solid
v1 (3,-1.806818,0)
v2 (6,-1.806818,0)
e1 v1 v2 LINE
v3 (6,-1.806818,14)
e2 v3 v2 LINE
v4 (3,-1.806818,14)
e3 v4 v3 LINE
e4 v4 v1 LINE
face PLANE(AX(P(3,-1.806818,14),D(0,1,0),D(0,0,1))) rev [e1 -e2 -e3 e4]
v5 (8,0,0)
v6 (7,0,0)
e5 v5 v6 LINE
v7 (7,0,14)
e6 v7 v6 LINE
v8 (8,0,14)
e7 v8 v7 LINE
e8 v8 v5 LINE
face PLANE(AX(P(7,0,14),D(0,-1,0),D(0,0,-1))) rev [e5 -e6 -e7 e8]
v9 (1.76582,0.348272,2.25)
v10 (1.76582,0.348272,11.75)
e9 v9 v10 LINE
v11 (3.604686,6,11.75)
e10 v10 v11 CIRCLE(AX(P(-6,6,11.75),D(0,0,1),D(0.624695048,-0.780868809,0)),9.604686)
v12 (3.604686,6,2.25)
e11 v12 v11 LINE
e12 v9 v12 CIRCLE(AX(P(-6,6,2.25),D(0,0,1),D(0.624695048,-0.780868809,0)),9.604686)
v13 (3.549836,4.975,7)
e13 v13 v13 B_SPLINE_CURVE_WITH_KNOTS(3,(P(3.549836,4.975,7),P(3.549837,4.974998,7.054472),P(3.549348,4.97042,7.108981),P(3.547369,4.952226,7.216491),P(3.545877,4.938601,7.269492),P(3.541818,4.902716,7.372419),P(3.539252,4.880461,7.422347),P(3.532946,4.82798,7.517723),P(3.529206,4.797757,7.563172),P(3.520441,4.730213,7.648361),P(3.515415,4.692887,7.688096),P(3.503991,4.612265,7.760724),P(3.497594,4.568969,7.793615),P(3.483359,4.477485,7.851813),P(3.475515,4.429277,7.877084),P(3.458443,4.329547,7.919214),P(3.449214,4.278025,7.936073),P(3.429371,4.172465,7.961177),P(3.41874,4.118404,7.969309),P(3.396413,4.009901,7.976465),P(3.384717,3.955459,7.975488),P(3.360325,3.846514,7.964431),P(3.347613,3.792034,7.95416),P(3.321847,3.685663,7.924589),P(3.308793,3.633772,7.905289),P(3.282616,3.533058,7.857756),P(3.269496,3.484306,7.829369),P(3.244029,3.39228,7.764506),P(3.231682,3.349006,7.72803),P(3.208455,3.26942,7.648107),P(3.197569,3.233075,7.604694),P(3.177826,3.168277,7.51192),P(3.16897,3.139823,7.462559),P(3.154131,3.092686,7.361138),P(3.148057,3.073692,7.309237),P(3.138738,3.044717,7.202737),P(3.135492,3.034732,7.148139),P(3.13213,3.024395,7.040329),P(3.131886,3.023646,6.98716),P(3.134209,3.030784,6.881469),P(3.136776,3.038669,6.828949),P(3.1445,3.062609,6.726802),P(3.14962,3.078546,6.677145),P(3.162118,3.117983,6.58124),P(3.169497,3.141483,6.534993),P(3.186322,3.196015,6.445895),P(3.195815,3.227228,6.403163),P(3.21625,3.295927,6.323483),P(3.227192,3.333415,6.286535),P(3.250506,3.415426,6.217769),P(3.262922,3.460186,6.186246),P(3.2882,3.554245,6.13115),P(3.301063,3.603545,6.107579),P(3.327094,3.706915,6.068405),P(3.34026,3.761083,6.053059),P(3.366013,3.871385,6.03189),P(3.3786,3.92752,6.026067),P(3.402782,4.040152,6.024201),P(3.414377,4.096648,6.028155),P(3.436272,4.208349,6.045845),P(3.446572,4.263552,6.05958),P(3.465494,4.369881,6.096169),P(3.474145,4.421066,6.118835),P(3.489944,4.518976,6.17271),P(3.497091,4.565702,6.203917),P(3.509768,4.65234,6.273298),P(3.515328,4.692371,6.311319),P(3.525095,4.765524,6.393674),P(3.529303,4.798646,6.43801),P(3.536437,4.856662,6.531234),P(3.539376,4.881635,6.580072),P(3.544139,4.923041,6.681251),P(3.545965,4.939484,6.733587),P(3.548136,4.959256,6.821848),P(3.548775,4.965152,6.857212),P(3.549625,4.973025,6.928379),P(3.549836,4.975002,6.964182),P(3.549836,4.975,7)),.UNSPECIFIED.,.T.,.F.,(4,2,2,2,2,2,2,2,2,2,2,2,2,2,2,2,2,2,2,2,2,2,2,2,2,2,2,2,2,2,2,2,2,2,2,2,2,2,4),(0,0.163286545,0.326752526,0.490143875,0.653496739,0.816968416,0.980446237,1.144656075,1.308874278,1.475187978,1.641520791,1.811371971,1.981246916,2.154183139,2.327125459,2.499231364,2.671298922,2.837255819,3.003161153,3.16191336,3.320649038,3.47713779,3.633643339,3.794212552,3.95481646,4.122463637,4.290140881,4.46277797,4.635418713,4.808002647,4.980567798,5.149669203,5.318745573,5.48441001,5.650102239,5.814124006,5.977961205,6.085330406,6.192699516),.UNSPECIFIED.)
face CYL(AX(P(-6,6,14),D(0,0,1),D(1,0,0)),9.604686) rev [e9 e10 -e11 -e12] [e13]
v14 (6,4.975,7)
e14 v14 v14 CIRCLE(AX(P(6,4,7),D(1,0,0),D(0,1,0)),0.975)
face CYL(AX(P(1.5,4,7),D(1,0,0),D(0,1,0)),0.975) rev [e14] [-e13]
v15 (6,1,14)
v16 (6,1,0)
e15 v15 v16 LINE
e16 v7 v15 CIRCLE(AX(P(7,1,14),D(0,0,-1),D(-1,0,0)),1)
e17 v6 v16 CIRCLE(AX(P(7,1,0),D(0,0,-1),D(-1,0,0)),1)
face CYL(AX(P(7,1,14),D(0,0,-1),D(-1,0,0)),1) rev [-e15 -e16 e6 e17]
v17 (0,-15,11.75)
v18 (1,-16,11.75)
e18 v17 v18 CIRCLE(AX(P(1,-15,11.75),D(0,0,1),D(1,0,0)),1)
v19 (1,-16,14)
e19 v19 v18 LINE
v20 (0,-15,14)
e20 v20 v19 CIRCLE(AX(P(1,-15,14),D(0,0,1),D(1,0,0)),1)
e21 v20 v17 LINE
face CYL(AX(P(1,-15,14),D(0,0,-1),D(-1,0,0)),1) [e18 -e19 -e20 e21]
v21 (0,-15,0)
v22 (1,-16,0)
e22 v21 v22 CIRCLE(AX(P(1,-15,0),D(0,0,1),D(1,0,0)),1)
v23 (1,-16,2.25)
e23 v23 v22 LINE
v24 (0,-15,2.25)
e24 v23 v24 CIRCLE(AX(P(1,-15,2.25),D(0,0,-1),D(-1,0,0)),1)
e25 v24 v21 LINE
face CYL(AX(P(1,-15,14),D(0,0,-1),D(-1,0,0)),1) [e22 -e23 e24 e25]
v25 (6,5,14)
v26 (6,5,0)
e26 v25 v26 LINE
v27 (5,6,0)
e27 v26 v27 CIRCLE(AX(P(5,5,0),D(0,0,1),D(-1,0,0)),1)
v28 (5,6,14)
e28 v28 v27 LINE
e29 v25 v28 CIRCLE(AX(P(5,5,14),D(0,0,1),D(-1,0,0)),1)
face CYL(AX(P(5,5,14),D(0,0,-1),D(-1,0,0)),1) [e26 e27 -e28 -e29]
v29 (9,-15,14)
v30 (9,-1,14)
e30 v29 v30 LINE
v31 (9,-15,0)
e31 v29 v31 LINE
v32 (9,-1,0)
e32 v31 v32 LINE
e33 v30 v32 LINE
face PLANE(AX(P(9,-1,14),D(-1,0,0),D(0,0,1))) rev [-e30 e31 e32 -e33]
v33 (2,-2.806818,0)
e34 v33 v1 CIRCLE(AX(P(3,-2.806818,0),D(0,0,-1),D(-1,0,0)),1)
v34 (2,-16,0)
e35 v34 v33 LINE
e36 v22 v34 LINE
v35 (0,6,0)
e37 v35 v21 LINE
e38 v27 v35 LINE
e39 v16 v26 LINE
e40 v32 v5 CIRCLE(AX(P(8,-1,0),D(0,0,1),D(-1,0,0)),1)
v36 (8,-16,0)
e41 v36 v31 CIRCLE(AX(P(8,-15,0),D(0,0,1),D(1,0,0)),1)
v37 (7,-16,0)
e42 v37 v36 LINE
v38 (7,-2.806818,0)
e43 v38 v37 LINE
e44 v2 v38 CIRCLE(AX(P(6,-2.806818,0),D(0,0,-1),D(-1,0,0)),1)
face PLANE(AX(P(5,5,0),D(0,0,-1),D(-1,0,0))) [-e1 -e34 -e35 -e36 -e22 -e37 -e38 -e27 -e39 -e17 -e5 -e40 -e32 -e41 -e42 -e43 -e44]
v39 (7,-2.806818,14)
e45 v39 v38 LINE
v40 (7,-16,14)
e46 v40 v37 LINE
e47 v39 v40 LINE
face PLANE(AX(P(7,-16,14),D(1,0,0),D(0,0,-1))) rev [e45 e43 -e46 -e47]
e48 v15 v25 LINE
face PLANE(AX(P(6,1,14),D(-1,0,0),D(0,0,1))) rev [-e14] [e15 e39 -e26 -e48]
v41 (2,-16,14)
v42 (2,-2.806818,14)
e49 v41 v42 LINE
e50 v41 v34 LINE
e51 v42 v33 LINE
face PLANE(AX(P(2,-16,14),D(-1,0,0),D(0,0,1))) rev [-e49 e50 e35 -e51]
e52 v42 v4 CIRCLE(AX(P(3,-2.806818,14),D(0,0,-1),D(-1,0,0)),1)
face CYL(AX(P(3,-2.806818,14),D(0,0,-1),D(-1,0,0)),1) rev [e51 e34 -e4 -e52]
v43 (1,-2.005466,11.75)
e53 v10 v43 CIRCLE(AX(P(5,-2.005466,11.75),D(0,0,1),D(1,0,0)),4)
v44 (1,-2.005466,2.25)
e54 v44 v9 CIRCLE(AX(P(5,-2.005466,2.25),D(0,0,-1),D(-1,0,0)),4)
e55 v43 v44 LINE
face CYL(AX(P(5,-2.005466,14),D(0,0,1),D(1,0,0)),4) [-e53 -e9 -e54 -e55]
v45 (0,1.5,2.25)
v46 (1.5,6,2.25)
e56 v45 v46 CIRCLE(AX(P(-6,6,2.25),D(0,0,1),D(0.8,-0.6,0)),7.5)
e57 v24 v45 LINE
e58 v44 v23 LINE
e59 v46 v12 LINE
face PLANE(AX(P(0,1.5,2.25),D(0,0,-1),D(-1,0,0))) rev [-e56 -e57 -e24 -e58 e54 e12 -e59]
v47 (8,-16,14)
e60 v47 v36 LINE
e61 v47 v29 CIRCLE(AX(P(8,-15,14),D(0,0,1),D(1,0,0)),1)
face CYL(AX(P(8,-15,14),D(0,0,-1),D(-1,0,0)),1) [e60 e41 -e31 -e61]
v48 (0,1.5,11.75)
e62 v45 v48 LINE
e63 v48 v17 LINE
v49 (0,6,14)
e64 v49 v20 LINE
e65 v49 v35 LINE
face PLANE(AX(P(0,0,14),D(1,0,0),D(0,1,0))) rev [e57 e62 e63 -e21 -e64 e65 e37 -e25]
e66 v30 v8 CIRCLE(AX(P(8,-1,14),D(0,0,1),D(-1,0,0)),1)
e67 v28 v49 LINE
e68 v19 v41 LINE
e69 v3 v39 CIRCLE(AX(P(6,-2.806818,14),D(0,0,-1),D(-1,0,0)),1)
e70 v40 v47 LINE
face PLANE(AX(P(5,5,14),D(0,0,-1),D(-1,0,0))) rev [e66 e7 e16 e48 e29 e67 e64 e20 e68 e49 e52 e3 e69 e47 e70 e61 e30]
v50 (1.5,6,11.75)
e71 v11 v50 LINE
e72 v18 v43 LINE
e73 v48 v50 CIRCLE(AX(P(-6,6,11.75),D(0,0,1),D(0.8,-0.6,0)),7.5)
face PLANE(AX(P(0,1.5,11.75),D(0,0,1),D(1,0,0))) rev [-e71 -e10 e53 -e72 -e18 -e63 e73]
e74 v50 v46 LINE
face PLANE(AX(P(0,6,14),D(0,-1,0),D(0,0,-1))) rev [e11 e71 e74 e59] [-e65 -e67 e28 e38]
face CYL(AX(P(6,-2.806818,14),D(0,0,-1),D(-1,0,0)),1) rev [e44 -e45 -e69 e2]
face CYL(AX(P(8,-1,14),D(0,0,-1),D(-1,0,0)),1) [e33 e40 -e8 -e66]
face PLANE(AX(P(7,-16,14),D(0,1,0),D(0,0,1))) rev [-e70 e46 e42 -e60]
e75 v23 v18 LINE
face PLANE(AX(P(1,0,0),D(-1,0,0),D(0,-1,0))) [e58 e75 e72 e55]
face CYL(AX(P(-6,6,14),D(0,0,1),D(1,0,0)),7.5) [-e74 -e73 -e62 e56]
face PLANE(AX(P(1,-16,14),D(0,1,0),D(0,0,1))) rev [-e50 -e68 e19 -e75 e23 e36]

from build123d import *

# Parameters (mm, degrees)
BOSS_EXTRUDE3_DEPTH = 14
SKETCH5_W           = 9.5
SKETCH5_H           = 3
SKETCH9_R           = 0.975
CUT_EXTRUDE1_DEPTH  = 4.5
CUT_EXTRUDE3_DEPTH  = 1
FILLET2_R           = 4


with BuildPart() as part:
    # Sketch4 → Boss-Extrude3 (new body)
    with BuildSketch(Plane.XY):
        with BuildLine():
            Line((7, -16), (8, -16))
            ThreePointArc((8, -16), (8.707106781, -15.707106781), (9, -15))
            Line((9, -15), (9, -1))
            ThreePointArc((9, -1), (8.707106781, -0.292893219), (8, 0))
            Line((8, 0), (7, 0))
            ThreePointArc((7, 0), (6.292893219, 0.292893219), (6, 1))
            Line((6, 1), (6, 5))
            ThreePointArc((6, 5), (5.707106781, 5.707106781), (5, 6))
            Line((5, 6), (0, 6))
            Line((0, 6), (0, 0))
            Line((0, 0), (0, -15))
            ThreePointArc((0, -15), (0.292893219, -15.707106781), (1, -16))
            Line((1, -16), (2, -16))
            Line((2, -16), (2, -2.806818182))
            ThreePointArc((2, -2.806818182), (2.292893219, -2.099711401), (3, -1.806818182))
            Line((3, -1.806818182), (6, -1.806818182))
            ThreePointArc((6, -1.806818182), (6.707106781, -2.099711401), (7, -2.806818182))
            Line((7, -2.806818182), (7, -16))
        make_face()
    extrude(amount=BOSS_EXTRUDE3_DEPTH)

    # Cut-Sweep2: sweep along a path in Sketch8
    with BuildLine(Plane.XY.offset(14)) as cut_sweep2_path:
        CenterArc((-6, 6), 11, 0, 360)
    # Sketch5 → Cut-Sweep2 (sweep, cut)
    with BuildSketch(Plane.ZY):
        with Locations((7, 0)):
            Rectangle(SKETCH5_W, SKETCH5_H)
    sweep(path=cut_sweep2_path.line, mode=Mode.SUBTRACT)

    # Sketch9 → Cut-Extrude1 (cut)
    with BuildSketch(Plane(origin=(6, 0, 0), x_dir=(0, 0, -1), z_dir=(1, 0, 0))):
        with Locations((-7, 4)):
            Circle(SKETCH9_R)
    extrude(amount=-CUT_EXTRUDE1_DEPTH, mode=Mode.SUBTRACT)

    # Sketch11 → Cut-Extrude3 (cut)
    with BuildSketch(Plane.ZY):
        Polygon((2.25, -1.5), (2.25, 0), (11.75, 0), (11.75, -1.5), (11.75, -16), (2.25, -16), align=None)
    extrude(amount=-CUT_EXTRUDE3_DEPTH, mode=Mode.SUBTRACT)

    # Fillet2
    fillet2_edges = [part.edges().sort_by_distance(p)[0] for p in [
        (1, -0.576473219, 7),
    ]]
    fillet(fillet2_edges, radius=FILLET2_R)


solid = part.part
